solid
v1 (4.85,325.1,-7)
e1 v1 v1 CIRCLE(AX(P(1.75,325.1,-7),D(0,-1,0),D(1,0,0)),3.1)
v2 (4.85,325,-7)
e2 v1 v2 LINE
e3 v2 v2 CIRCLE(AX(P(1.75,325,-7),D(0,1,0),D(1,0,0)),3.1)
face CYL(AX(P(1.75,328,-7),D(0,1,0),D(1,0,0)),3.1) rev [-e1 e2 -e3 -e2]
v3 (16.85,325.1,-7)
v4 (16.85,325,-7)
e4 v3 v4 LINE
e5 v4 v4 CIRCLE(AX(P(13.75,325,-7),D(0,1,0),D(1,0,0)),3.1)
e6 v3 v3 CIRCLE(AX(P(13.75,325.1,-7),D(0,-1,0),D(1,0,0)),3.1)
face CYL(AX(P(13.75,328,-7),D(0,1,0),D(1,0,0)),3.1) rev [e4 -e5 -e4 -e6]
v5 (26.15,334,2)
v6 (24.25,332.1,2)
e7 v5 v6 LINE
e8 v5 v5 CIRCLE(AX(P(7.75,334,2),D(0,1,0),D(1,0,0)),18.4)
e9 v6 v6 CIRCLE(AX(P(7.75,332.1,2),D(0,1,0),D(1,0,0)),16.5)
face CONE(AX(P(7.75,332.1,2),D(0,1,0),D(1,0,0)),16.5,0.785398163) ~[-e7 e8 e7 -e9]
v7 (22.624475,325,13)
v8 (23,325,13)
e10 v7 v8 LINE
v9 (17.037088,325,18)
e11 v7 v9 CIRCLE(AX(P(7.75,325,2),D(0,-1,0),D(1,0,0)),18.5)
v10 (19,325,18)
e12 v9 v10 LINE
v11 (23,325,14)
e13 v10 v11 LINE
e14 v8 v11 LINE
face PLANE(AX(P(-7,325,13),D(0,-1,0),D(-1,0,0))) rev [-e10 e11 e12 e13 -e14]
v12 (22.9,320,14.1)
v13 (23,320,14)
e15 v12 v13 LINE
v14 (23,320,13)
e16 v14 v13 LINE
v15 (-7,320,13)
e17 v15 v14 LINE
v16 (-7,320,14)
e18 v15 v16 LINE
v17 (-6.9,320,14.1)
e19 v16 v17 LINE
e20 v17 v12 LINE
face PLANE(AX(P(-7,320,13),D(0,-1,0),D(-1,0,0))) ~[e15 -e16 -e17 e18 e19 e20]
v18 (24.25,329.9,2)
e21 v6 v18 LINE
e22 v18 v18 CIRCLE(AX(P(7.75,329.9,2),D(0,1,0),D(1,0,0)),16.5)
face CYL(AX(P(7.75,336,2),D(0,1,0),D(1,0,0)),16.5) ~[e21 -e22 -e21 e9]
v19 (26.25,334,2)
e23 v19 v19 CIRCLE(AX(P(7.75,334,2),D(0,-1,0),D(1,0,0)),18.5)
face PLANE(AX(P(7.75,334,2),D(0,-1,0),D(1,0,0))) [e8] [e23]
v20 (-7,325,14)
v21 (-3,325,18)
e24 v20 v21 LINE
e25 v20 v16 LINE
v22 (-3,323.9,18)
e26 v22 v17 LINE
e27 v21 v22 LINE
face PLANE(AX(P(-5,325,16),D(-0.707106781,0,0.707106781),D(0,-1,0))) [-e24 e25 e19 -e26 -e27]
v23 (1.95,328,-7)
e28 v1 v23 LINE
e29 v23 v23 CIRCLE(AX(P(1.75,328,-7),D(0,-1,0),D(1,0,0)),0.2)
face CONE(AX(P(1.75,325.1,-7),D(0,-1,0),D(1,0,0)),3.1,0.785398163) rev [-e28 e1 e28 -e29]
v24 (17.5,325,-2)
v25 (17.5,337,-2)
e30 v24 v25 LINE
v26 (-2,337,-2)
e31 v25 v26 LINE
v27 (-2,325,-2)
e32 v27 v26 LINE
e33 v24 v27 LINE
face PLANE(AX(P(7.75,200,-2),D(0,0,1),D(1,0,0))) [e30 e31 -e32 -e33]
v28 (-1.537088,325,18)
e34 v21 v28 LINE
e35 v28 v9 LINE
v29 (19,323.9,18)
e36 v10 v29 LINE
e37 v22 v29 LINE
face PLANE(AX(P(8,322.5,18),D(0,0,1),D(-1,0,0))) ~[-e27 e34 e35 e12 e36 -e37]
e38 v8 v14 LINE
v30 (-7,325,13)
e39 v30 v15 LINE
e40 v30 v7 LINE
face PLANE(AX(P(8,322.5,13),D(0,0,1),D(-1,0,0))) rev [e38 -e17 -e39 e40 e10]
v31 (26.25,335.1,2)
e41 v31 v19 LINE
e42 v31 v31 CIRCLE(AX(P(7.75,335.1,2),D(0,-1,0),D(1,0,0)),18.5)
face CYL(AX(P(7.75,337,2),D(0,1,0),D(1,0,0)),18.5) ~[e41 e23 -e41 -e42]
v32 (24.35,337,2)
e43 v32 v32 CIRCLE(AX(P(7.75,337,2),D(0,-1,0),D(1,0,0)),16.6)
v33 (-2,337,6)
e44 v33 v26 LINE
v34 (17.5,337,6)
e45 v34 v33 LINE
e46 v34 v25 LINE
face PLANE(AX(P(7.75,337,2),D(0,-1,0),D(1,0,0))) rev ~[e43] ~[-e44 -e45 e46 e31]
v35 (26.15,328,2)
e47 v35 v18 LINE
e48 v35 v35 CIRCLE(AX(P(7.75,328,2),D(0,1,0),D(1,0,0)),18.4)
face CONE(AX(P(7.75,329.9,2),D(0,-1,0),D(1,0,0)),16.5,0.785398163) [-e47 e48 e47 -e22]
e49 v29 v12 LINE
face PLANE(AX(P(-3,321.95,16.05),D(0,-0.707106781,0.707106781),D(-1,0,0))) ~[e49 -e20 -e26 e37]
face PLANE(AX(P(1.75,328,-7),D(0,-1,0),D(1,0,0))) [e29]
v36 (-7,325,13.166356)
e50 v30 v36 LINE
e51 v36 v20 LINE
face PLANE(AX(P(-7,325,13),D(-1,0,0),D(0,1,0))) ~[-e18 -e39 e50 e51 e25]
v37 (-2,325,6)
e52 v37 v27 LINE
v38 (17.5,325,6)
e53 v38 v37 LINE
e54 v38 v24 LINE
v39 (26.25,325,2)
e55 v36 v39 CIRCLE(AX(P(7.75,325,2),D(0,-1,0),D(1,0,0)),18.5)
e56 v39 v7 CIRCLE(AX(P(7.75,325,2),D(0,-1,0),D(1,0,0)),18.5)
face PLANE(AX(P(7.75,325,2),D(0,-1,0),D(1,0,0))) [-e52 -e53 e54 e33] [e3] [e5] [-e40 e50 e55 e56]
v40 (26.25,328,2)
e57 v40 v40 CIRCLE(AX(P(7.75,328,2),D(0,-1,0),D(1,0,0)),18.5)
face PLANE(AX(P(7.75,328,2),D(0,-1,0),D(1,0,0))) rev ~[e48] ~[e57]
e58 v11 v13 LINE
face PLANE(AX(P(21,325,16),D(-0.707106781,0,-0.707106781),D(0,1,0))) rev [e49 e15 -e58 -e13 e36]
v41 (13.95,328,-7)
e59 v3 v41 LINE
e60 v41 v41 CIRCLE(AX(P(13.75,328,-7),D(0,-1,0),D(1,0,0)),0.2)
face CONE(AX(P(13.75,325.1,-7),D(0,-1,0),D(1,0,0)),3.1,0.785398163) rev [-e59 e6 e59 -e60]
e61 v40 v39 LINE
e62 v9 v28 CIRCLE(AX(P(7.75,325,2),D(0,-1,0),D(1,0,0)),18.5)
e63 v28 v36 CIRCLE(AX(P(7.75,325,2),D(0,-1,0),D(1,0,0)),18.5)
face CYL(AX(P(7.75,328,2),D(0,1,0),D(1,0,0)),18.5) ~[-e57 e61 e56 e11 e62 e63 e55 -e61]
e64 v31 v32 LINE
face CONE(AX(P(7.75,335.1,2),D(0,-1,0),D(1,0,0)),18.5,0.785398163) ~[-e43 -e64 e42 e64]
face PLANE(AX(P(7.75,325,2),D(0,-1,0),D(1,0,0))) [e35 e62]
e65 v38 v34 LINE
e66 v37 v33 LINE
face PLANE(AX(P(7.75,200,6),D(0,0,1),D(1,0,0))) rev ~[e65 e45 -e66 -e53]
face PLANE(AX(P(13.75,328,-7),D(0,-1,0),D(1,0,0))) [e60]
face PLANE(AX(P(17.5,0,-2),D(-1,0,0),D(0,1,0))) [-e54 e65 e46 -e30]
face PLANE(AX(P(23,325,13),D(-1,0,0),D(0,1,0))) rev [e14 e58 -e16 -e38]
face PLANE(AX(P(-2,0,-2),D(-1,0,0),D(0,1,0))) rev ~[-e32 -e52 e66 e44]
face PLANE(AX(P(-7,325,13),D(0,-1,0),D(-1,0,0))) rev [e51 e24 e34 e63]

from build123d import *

# Parameters (mm, degrees)
BOX005009014_W         = 30
BOX005009014_H         = 5
BOX005009014_DEPTH     = 5
CHAMFER016_SIZE        = 4
CHAMFER017_SIZE        = 4
CHAMFER019_SIZE        = 3.9
BOX005009012_W         = 19.5
BOX005009012_H         = 400
BOX005009012_DEPTH     = 8
CYLINDER023_R          = 3.1
CYLINDER023_DEPTH      = 6
CYLINDER023_ROLL_ANGLE = 90
CHAMFER011_SIZE        = 2.9
CHAMFER009_SIZE        = 2.9
CYLINDER018_R          = 18.5
CYLINDER018_DEPTH      = 3
CYLINDER018_ROLL_ANGLE = 90
CYLINDER017_R          = 16.5
CYLINDER017_DEPTH      = 10
CYLINDER017_ROLL_ANGLE = 90
CYLINDER016_R          = 18.5
CYLINDER016_DEPTH      = 3
CYLINDER016_ROLL_ANGLE = 90
CHAMFER023_SIZE        = 1.9
CHAMFER024_SIZE        = 1.9
CHAMFER025_SIZE        = 1.9


with BuildPart() as chamfer019:
    # Box005009014 → Box005009014 (new body)
    with BuildSketch(Plane(origin=(-7, 261, 13), x_dir=(1, 0, 0), z_dir=(0, 0, 1))):
        with Locations((15, 2.5)):
            Rectangle(BOX005009014_W, BOX005009014_H)
    extrude(amount=BOX005009014_DEPTH)

    # Chamfer016
    chamfer016_edges = [chamfer019.edges().sort_by_distance(p)[0] for p in [
        (-7, 263.5, 18),
    ]]
    chamfer(chamfer016_edges, length=CHAMFER016_SIZE)

    # Chamfer017
    chamfer017_edges = [chamfer019.edges().sort_by_distance(p)[0] for p in [
        (23, 263.5, 18),
    ]]
    chamfer(chamfer017_edges, length=CHAMFER017_SIZE)

    # Chamfer019
    chamfer019_edges = [chamfer019.edges().sort_by_distance(p)[0] for p in [
        (8, 266, 18),
    ]]
    chamfer(chamfer019_edges, length=CHAMFER019_SIZE)


with BuildPart() as part_mirroring005:
    # Part__Mirroring005: instance of Chamfer019
    add(chamfer019.part.mirror(Plane(origin=(0, 250, 0), x_dir=(1, 0, 0), z_dir=(0, 1, 0))))


with BuildPart() as part_mirroring005_1:
    # Part__Mirroring005 placement: moved
    add(part_mirroring005.part.moved(Location((0, 86, 0))))


with BuildPart() as scale_hole001:
    # Box005009012 → Box005009012 (new body)
    with BuildSketch(Plane(origin=(-2, 0, -2), x_dir=(1, 0, 0), z_dir=(0, 0, 1))):
        with Locations((9.75, 200)):
            Rectangle(BOX005009012_W, BOX005009012_H)
    extrude(amount=BOX005009012_DEPTH)


with BuildPart() as lug_hole:
    # Cylinder023 → Cylinder023 (new body)
    with BuildSketch(Plane.XY):
        Circle(CYLINDER023_R)
    extrude(amount=CYLINDER023_DEPTH)


with BuildPart() as lug_hole_1:
    # Cylinder023 roll: moved
    add(lug_hole.part.rotate(Axis((0, 0, 0), (1, 0, 0)), CYLINDER023_ROLL_ANGLE))


with BuildPart() as lug_hole_2:
    # Cylinder023 placement: moved
    add(lug_hole_1.part.moved(Location((7.75, 328, -7))))


with BuildPart() as chamfer011:
    # Chamfer011 base: copy of lug-hole
    add(lug_hole_2.part)

    # Chamfer011
    chamfer011_edges = [chamfer011.edges().sort_by_distance(p)[0] for p in [
        (4.65, 328, -7),
    ]]
    chamfer(chamfer011_edges, length=CHAMFER011_SIZE)


with BuildPart() as chamfer011_1:
    # Chamfer011 placement: moved
    add(chamfer011.part.moved(Location((6, 0, 0))))


with BuildPart() as lug_holes:
    # Chamfer009 base: copy of lug-hole
    add(lug_hole_2.part)

    # Chamfer009
    chamfer009_edges = [lug_holes.edges().sort_by_distance(p)[0] for p in [
        (4.65, 328, -7),
    ]]
    chamfer(chamfer009_edges, length=CHAMFER009_SIZE)


with BuildPart() as lug_holes_1:
    # Chamfer009 placement: moved
    add(lug_holes.part.moved(Location((-6, 0, 0))))

    # Fusion013: union Chamfer011
    add(chamfer011_1.part)


with BuildPart() as end_cheek001:
    # Cylinder018 → Cylinder018 (new body)
    with BuildSketch(Plane.XY):
        Circle(CYLINDER018_R)
    extrude(amount=CYLINDER018_DEPTH)


with BuildPart() as end_cheek001_1:
    # Cylinder018 roll: moved
    add(end_cheek001.part.rotate(Axis((0, 0, 0), (1, 0, 0)), CYLINDER018_ROLL_ANGLE))


with BuildPart() as end_cheek001_2:
    # Cylinder018 placement: moved
    add(end_cheek001_1.part.moved(Location((7.75, 486, 2))))


with BuildPart() as cable_tie_cyl001:
    # Cylinder017 → Cylinder017 (new body)
    with BuildSketch(Plane.XY):
        Circle(CYLINDER017_R)
    extrude(amount=CYLINDER017_DEPTH)


with BuildPart() as cable_tie_cyl001_1:
    # Cylinder017 roll: moved
    add(cable_tie_cyl001.part.rotate(Axis((0, 0, 0), (1, 0, 0)), CYLINDER017_ROLL_ANGLE))


with BuildPart() as cable_tie_cyl001_2:
    # Cylinder017 placement: moved
    add(cable_tie_cyl001_1.part.moved(Location((7.75, 485, 2))))


with BuildPart() as slider_end_l:
    # Cylinder016 → Cylinder016 (new body)
    with BuildSketch(Plane.XY):
        Circle(CYLINDER016_R)
    extrude(amount=CYLINDER016_DEPTH)


with BuildPart() as slider_end_l_1:
    # Cylinder016 roll: moved
    add(slider_end_l.part.rotate(Axis((0, 0, 0), (1, 0, 0)), CYLINDER016_ROLL_ANGLE))


with BuildPart() as slider_end_l_2:
    # Cylinder016 placement: moved
    add(slider_end_l_1.part.moved(Location((7.75, 477, 2))))

    # Fusion010: union end-cheek001, cable-tie-cyl001
    add(end_cheek001_2.part)
    add(cable_tie_cyl001_2.part)


with BuildPart() as slider_end_l_3:
    # Fusion010 placement: moved
    add(slider_end_l_2.part.moved(Location((0, -149, 0))))

    # Cut016: cut lug-holes
    add(lug_holes_1.part, mode=Mode.SUBTRACT)

    # Cut019: cut scale-hole001
    add(scale_hole001.part, mode=Mode.SUBTRACT)

    # Fusion021: union Part__Mirroring005
    add(part_mirroring005_1.part)

    # Chamfer023
    chamfer023_edges = [slider_end_l_3.edges().sort_by_distance(p)[0] for p in [
        (-8.75, 328, 2),
    ]]
    chamfer(chamfer023_edges, length=CHAMFER023_SIZE)

    # Chamfer024
    chamfer024_edges = [slider_end_l_3.edges().sort_by_distance(p)[0] for p in [
        (-10.75, 337, 2),
    ]]
    chamfer(chamfer024_edges, length=CHAMFER024_SIZE)

    # Chamfer025
    chamfer025_edges = [slider_end_l_3.edges().sort_by_distance(p)[0] for p in [
        (-8.75, 334, 2),
    ]]
    chamfer(chamfer025_edges, length=CHAMFER025_SIZE)


solid = slider_end_l_3.part
